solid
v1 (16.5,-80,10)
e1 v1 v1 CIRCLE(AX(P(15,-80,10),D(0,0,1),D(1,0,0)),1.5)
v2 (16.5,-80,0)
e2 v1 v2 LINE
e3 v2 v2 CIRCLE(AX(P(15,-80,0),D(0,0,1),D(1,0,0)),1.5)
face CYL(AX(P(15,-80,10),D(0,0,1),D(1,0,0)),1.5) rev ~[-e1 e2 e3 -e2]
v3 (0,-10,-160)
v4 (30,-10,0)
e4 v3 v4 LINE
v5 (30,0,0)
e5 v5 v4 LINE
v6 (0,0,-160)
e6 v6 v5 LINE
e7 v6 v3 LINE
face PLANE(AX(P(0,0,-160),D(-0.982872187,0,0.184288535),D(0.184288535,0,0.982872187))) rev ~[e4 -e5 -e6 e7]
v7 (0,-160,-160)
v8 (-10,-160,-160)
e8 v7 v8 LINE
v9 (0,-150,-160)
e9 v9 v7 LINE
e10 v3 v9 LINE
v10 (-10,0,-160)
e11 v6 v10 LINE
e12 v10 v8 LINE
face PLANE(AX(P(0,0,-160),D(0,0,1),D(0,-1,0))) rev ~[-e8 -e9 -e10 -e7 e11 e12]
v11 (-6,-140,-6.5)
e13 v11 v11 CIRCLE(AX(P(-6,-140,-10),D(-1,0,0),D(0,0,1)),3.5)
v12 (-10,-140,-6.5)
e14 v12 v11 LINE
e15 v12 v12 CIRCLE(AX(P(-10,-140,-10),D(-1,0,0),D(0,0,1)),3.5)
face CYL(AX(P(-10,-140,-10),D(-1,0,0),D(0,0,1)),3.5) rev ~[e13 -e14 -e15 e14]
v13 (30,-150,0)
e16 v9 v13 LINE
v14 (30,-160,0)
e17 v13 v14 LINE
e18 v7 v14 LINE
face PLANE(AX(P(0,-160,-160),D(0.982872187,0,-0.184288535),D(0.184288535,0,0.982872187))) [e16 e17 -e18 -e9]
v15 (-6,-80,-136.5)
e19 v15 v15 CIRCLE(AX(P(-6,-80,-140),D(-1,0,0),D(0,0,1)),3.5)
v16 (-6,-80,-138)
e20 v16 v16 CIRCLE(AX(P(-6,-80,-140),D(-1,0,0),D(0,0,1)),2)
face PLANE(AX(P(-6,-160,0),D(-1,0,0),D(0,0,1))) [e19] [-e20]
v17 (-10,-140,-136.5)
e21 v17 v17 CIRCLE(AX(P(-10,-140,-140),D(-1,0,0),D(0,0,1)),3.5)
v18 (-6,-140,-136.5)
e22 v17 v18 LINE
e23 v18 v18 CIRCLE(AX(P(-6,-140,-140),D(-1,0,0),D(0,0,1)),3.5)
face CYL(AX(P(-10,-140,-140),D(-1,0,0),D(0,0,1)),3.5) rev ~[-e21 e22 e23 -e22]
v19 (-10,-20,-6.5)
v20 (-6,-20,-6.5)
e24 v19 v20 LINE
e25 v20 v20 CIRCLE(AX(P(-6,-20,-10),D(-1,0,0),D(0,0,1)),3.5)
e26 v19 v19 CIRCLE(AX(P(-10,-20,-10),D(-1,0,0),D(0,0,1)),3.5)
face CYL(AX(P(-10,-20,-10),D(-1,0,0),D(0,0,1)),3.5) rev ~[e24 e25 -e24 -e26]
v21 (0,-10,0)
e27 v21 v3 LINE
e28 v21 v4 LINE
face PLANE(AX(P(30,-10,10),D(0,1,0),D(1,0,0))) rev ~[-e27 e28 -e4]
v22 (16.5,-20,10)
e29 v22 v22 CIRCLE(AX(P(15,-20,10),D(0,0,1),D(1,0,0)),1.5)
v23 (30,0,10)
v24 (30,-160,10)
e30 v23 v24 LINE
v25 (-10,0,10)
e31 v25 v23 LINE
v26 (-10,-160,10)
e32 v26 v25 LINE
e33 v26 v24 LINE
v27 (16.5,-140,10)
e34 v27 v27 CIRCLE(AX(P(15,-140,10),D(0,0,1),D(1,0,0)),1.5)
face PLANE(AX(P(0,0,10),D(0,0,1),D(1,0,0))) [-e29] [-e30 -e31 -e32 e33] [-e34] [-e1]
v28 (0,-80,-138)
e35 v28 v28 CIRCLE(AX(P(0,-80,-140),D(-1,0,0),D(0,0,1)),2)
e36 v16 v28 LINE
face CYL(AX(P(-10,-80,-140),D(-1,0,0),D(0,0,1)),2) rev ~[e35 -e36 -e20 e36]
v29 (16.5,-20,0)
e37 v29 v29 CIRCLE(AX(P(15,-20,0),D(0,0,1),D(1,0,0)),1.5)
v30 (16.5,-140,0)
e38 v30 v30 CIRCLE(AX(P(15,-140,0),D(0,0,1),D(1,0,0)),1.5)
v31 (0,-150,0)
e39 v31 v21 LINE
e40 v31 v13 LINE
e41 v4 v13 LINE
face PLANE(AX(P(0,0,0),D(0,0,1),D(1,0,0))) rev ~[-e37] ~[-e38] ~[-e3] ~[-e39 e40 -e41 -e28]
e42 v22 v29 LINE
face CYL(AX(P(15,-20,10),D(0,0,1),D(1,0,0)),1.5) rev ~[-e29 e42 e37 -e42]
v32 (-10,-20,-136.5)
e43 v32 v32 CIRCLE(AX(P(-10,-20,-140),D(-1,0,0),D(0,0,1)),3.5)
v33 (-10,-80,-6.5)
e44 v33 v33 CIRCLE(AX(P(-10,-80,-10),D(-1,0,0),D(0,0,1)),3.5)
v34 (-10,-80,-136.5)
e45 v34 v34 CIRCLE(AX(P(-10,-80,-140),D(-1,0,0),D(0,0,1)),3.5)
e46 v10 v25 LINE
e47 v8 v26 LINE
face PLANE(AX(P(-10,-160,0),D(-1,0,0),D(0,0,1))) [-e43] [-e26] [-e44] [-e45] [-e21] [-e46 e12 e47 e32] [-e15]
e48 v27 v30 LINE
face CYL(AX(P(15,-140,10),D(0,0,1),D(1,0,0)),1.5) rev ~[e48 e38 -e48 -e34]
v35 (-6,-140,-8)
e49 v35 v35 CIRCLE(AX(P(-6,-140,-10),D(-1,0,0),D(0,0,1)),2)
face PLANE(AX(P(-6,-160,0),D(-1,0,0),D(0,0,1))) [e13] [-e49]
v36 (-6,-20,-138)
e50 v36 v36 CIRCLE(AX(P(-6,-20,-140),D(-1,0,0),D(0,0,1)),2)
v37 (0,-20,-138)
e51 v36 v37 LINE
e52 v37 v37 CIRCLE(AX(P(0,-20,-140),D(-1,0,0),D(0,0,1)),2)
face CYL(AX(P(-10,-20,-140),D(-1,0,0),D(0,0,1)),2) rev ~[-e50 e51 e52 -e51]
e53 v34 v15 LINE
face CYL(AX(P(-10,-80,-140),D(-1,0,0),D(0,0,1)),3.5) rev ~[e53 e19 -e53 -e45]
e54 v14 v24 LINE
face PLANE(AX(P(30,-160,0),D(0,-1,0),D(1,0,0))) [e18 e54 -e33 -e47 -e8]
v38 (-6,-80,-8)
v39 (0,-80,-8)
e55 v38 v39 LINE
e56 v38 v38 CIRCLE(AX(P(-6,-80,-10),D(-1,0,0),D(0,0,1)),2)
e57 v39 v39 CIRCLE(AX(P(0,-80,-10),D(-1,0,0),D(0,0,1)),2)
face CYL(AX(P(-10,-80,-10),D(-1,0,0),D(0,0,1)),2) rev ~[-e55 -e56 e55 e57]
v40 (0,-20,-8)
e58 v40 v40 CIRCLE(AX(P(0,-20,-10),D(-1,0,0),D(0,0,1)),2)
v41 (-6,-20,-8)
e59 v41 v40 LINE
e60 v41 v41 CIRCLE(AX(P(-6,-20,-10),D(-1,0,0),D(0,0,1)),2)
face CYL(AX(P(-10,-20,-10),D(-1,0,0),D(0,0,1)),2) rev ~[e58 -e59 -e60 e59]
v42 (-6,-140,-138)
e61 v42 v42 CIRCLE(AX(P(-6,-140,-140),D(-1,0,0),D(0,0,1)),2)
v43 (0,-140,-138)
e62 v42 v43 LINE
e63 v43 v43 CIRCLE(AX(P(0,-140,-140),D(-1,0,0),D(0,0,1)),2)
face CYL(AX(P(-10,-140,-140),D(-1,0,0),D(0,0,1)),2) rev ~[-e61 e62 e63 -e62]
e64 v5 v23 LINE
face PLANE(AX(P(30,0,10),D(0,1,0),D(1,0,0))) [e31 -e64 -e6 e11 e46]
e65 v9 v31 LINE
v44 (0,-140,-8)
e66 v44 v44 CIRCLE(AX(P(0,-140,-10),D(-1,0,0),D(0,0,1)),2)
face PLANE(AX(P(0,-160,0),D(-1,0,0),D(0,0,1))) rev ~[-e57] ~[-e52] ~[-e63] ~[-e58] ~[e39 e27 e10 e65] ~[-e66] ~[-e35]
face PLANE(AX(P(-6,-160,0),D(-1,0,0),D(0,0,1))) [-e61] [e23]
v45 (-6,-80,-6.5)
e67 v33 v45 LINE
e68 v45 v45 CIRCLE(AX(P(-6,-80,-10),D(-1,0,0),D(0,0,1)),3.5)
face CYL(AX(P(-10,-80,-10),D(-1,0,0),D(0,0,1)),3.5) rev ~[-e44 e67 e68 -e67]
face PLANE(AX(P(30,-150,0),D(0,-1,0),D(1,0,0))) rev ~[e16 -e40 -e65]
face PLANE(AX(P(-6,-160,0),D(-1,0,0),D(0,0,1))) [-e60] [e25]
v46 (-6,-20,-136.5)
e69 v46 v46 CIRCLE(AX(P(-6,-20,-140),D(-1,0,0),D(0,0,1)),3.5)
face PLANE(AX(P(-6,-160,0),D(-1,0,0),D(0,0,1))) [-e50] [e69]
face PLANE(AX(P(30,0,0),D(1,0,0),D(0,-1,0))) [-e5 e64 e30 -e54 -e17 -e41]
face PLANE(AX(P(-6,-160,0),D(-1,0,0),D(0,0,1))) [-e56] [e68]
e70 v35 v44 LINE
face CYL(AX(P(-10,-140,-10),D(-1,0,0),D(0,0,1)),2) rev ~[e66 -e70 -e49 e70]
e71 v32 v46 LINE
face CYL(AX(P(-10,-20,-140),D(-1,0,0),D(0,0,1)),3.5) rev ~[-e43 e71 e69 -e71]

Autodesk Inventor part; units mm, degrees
ref_plane "YZ Plane" through (0, 0, 0) normal (1, 0, 0) x (0, 1, 0)
ref_plane "XZ Plane" through (0, 0, 0) normal (0, 1, 0) x (-1, 0, 0)
ref_plane "XY Plane" through (0, 0, 0) normal (0, 0, 1) x (1, 0, 0)
sketch "Sketch21" plane through (0, 0, 0) normal (0, 0, 1) x (1, 0, 0)
  line L0 (0, 0) -> (30, 0)
  line L1 (30, 0) -> (30, -160)
  line L2 (30, -160) -> (0, -160)
  line L3 (0, -160) -> (0, 0)
  dimension "d53" = 30
  dimension "d1" = 160
extrude "Extrusion15" add sketch "Sketch21" along normal blind 10
sketch "Sketch22" plane through (0, -160, 0) normal (-1, 0, 0) x (0, 0, 1)
  line L0 (0, 160) -> (10, 160) projected
  line L1 (10, 160) -> (-160, 160)
  line L2 (-160, 160) -> (-160, 0)
  line L3 (-160, 0) -> (10, 0)
  line L4 (10, 0) -> (10, 160)
  dimension "d57" = 170
  dimension "d58" = 160
extrude "Extrusion16" add sketch "Sketch22" along normal blind 10
sketch "Sketch23" plane through (30, 0, 10) normal (0, 1, 0) x (1, 0, 0)
  line L0 (-30, 170) -> (-40, 170) projected
  line L1 (0, 10) -> (0, 0) projected
  line L2 (-30, 170) -> (0, 10)
  line L3 (-30, 10) -> (0, 10) projected
  line L4 (0, 10) -> (-30, 10)
  line L5 (-30, 10) -> (-30, 170)
  line L6 (-40, 170) -> (-40, 0) projected
extrude "Extrusion17" add sketch "Sketch23" against normal blind 10
sketch "Sketch24" plane through (30, -160, 0) normal (0, -1, 0) x (1, 0, 0)
  line L0 (-30, -160) -> (-40, -160) projected
  line L1 (-30, 0) -> (0, 0) projected
  line L2 (-30, -160) -> (-30, 0)
  line L3 (0, 0) -> (0, 10) projected
  line L4 (-30, 0) -> (0, 0)
  line L5 (-30, -160) -> (0, 0) projected
  line L6 (0, 0) -> (-30, -160)
extrude "Extrusion18" add sketch "Sketch24" against normal blind 10
sketch "Sketch25" plane through (0, 0, 10) normal (0, 0, 1) x (1, 0, 0)
  circle A0 centre (15, -20) radius 1.5
  circle A1 centre (15, -80) radius 1.5
  circle A2 centre (15, -140) radius 1.5
  line L0 (30, -160) -> (-10, -160) projected
  line L1 (30, 0) -> (-10, 0) projected
  point P0 (0, 0)
  dimension "d65" = 3
  dimension "d66" = 3
  dimension "d67" = 3
  dimension "d70" = 20
  dimension "d71" = 20
  dimension "d72" = 80
extrude "Extrusion19" cut sketch "Sketch25" against normal blind 20
sketch "Sketch27" plane through (-10, -160, 0) normal (-1, 0, 0) x (0, 0, 1)
  circle A0 centre (-10, 20) radius 2
  line L0 (-160, 0) -> (10, 0) projected
  circle A1 centre (-10, 80) radius 2
  circle A2 centre (-10, 140) radius 2
  line L1 (10, 160) -> (-160, 160) projected
  line L2 (10, 0) -> (10, 160) projected
  circle A3 centre (-140, 80) radius 2
  line L3 (-160, 160) -> (-160, 0) projected
  circle A4 centre (-140, 20) radius 2
  circle A5 centre (-140, 140) radius 2
  point P0 (0, 160)
  dimension "d73" = 20
  dimension "d74" = 4
  dimension "d75" = 4
  dimension "d76" = 80
  dimension "d77" = 4
  dimension "d78" = 20
  dimension "d79" = 20
  dimension "d80" = 20
  dimension "d81" = 20
  dimension "d84" = 4
  dimension "d85" = 20
  dimension "d86" = 80
  dimension "d87" = 4
  dimension "d88" = 20
  dimension "d89" = 20
  dimension "d90" = 4
  dimension "d91" = 20
  dimension "d92" = 20
extrude "Extrusion20" cut sketch "Sketch27" against normal blind 20 contours A0 | A1 | A2 | A3 | A4 | A5
sketch "Sketch29" plane through (-10, -160, 0) normal (-1, 0, 0) x (0, 0, 1)
  circle A0 centre (-140, 80) radius 2 projected
  circle A1 centre (-140, 80) radius 3.5
  circle A2 centre (-140, 20) radius 2 projected
  circle A3 centre (-140, 20) radius 3.5
  circle A4 centre (-140, 140) radius 2 projected
  circle A5 centre (-140, 140) radius 3.5
  circle A6 centre (-10, 20) radius 2 projected
  circle A7 centre (-10, 20) radius 3.5
  circle A8 centre (-10, 80) radius 2 projected
  circle A9 centre (-10, 80) radius 3.5
  circle A10 centre (-10, 140) radius 2 projected
  circle A11 centre (-10, 140) radius 3.5
  point P0 (0, 160)
  dimension "d93" = 7
  dimension "d94" = 7
  dimension "d95" = 7
  dimension "d96" = 7
  dimension "d97" = 7
  dimension "d98" = 7
extrude "Extrusion21" cut sketch "Sketch29" against normal blind 4 contours A0 | A1 | A2 | A3 | A4 | A5 | A6 | A7 | A8 | A9 | A10 | A11
equation "\"d58\" = d1"
equation "\"d65\" = d67"
equation "\"d66\" = d67"
equation "\"d71\" = d70"
equation "\"d73\" = d70"
equation "\"d74\" = d75"
equation "\"d76\" = d72"
equation "\"d77\" = d75"
equation "\"d78\" = d70"
equation "\"d80\" = d79"
equation "\"d81\" = d79"
equation "\"d84\" = d75"
equation "\"d85\" = d79"
equation "\"d86\" = d72"
equation "\"d87\" = d75"
equation "\"d88\" = d79"
equation "\"d89\" = d70"
equation "\"d90\" = d75"
equation "\"d91\" = d79"
equation "\"d92\" = d70"
equation "\"d94\" = d93"
equation "\"d95\" = d93"
equation "\"d96\" = d93"
equation "\"d97\" = d93"
equation "\"d98\" = d93"
properties part number "bracket_v01"
